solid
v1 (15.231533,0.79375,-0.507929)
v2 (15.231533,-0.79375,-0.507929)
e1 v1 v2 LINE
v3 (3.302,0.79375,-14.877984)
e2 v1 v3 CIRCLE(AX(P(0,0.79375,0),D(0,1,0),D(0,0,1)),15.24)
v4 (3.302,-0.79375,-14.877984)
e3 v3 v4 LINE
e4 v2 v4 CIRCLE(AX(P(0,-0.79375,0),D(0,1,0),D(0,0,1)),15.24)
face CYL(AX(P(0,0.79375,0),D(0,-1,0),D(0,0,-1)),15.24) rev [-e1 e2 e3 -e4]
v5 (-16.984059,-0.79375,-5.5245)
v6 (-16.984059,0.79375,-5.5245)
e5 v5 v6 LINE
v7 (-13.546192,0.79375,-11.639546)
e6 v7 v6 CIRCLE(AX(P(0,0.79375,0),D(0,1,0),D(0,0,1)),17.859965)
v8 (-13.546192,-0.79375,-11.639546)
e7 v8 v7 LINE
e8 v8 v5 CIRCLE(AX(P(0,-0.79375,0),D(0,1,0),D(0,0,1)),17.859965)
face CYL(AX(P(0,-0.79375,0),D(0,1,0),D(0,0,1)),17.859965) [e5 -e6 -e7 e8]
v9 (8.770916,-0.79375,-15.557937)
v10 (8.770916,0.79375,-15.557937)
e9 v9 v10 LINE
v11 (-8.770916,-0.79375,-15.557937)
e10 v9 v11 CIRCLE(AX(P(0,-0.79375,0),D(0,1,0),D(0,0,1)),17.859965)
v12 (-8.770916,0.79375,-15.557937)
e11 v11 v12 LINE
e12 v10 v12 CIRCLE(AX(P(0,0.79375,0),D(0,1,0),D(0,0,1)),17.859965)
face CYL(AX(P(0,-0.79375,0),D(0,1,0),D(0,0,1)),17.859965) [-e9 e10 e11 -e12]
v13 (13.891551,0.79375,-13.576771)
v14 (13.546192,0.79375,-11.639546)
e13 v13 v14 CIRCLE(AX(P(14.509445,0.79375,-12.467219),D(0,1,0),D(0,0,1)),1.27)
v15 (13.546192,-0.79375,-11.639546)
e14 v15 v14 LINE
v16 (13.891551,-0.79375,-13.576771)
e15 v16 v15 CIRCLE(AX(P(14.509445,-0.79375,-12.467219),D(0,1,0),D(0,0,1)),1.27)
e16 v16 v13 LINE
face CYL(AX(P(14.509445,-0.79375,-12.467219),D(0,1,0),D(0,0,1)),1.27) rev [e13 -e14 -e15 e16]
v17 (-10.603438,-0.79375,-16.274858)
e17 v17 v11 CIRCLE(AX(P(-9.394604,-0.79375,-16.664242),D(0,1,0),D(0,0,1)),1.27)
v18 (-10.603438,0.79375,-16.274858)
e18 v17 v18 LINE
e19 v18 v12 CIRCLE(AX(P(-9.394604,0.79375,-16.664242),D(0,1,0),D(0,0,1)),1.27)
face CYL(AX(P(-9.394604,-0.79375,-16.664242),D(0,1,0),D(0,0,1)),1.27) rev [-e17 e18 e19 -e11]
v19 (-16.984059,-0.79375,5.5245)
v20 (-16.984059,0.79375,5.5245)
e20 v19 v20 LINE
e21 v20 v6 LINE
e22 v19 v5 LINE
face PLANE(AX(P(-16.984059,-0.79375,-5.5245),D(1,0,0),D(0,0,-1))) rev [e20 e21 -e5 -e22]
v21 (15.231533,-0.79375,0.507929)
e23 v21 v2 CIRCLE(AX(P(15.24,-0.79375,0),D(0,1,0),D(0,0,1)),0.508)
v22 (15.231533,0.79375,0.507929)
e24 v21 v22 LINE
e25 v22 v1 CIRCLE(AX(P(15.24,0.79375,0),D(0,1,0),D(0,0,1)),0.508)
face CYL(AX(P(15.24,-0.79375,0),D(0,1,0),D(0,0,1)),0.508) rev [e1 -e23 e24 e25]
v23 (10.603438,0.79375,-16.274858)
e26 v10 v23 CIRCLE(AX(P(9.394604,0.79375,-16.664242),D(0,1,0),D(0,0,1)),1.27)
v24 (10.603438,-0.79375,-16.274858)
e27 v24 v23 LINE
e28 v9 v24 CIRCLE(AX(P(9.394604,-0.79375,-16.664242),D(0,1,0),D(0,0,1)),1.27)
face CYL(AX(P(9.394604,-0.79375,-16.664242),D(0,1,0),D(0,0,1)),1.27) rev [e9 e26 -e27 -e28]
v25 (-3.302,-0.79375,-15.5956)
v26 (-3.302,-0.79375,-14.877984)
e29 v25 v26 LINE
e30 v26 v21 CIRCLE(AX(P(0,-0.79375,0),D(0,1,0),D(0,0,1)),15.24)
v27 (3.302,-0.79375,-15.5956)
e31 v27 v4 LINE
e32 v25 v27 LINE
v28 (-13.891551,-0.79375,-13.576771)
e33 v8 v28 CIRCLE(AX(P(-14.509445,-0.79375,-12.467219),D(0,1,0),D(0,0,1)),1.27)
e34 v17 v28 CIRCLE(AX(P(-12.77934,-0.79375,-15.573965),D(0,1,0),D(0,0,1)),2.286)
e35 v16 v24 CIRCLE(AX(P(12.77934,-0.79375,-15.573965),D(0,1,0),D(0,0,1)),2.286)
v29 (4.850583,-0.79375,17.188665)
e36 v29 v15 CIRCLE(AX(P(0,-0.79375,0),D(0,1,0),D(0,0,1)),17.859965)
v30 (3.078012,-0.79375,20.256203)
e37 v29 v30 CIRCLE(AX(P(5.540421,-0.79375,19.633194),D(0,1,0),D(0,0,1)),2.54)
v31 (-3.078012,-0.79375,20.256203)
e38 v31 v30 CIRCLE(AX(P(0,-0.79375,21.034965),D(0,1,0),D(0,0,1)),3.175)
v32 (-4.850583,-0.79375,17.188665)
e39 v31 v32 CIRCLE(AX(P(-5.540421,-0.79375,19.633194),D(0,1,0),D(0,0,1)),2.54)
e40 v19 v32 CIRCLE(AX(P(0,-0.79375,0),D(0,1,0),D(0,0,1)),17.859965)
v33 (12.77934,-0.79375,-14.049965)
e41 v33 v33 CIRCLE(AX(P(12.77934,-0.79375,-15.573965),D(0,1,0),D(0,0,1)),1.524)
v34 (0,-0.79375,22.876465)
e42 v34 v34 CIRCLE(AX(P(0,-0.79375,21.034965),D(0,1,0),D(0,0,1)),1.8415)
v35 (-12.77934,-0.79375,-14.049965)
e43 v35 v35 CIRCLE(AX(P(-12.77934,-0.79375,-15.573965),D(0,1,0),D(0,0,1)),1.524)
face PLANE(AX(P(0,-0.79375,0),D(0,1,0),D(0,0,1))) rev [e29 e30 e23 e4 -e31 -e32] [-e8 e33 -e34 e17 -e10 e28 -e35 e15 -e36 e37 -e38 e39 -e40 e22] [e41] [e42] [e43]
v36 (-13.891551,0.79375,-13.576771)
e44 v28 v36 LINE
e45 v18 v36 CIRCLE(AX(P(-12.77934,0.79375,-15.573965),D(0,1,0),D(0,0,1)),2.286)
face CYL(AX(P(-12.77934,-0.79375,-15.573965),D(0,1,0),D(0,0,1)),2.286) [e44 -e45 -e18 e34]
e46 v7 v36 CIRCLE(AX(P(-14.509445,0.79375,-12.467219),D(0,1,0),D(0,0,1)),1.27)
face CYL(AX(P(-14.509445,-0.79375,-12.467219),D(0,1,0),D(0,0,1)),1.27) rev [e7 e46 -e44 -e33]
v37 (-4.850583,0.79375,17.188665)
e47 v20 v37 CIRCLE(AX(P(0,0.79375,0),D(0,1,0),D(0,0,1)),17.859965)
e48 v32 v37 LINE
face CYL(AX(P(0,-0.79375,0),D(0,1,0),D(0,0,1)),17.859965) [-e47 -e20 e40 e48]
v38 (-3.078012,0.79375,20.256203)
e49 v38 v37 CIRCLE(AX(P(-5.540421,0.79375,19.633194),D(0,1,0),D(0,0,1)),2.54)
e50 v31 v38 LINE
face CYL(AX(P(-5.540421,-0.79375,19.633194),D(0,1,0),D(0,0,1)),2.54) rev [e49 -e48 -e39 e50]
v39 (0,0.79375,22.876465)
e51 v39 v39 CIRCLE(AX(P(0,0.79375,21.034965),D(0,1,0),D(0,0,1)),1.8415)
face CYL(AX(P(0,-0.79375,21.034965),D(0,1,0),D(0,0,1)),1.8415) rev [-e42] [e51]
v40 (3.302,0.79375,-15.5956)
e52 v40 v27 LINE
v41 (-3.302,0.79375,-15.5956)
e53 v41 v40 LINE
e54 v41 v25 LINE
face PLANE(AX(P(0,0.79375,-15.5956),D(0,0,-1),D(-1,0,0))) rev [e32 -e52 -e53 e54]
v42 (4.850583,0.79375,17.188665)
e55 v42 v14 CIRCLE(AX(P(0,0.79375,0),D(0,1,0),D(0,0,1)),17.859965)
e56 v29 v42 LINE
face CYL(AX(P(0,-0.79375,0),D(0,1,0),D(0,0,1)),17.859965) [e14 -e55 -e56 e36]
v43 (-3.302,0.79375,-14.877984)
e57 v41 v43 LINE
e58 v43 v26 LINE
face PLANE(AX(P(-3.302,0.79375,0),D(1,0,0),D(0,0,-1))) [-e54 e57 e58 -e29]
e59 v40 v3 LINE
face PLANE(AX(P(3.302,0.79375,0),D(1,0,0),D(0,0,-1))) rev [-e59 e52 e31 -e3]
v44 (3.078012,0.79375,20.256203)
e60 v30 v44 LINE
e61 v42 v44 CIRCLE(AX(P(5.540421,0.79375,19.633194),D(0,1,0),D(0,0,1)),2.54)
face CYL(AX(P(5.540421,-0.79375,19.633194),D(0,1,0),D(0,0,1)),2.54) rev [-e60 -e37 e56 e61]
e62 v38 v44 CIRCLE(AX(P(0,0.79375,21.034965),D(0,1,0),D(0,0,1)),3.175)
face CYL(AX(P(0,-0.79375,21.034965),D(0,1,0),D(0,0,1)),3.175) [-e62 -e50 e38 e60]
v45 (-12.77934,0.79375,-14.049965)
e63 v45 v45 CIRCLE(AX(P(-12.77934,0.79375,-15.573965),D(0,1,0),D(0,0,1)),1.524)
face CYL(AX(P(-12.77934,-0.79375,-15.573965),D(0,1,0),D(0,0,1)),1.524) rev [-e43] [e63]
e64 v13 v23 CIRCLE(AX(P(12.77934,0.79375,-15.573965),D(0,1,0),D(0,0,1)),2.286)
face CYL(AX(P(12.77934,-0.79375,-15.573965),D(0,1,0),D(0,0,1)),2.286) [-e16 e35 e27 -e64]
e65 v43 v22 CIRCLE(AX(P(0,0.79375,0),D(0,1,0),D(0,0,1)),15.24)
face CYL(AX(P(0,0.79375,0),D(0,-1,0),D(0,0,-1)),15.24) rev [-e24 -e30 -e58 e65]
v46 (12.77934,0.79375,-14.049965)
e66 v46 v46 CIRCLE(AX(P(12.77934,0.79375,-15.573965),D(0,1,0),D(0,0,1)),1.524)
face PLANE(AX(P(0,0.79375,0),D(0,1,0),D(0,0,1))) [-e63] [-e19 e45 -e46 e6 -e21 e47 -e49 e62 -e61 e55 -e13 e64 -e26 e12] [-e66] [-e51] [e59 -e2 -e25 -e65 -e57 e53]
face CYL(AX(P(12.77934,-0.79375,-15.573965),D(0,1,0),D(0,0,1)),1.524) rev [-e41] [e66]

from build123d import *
from build123d.topology import SkipClean

# Parameters (mm, degrees)
SKETCH1_R           = 21.59
BOSS_EXTRUDE1_DEPTH = 0.79375
SKETCH2_R           = 1.4224
CUT_EXTRUDE1_DEPTH  = 31.574112518
CUT_EXTRUDE2_DEPTH  = 31.574112518
SKETCH4_R           = 0.508
CUT_EXTRUDE3_DEPTH  = 31.574112518
SKETCH5_R           = 1.0922
CUT_EXTRUDE4_DEPTH  = 31.574112518
SKETCH6_R           = 1.524
SKETCH6_R_2         = 1.8415
BOSS_EXTRUDE2_DEPTH = 1.5875


with BuildPart() as part:
    # Sketch1 → Boss-Extrude1 (new, symmetric)
    with BuildSketch(Plane(origin=(0, 0, 0), x_dir=(1, 0, 0), z_dir=(0, 1, 0))):
        with Locations(Location((0, 0, 0), (0, 0, 270))):
            Circle(SKETCH1_R)
        with BuildLine():
            Line((-3.302, 14.8779836), (-3.302, 15.5956))
            Line((-3.302, 15.5956), (3.302, 15.5956))
            Line((3.302, 15.5956), (3.302, 14.8779836))
            ThreePointArc((3.302, 14.8779836), (11.8865487, 9.537691545), (15.24, 0))
            ThreePointArc((15.24, 0), (-9.537691545, -11.8865487), (-3.302, 14.8779836))
        make_face(mode=Mode.SUBTRACT)
    extrude(amount=BOSS_EXTRUDE1_DEPTH, both=True)

    # Sketch2 → Cut-Extrude1 (cut, through all)
    with BuildSketch(Plane(origin=(0, 0.79375, 0), x_dir=(1, 0, 0), z_dir=(0, 1, 0))):
        with Locations(Location((0, 18.415, 0), (0, 0, 270))):
            Circle(SKETCH2_R)
        with Locations(Location((0, -18.415, 0), (0, 0, 270))):
            Circle(SKETCH2_R)
    extrude(amount=-CUT_EXTRUDE1_DEPTH, mode=Mode.SUBTRACT)

    # Sketch3 → Cut-Extrude2 (cut, through all)
    with BuildSketch(Plane(origin=(0, 0.79375, 0), x_dir=(1, 0, 0), z_dir=(0, 1, 0))):
        with BuildLine():
            Line((-20.871224203, 5.5245), (-16.984058744, 5.5245))
            Line((-16.984058744, 5.5245), (-16.984058744, -5.5245))
            Line((-16.984058744, -5.5245), (-20.871224203, -5.5245))
            ThreePointArc((-20.871224203, -5.5245), (-21.59, 0), (-20.871224203, 5.5245))
        make_face()
    extrude(amount=-CUT_EXTRUDE2_DEPTH, mode=Mode.SUBTRACT)

    # Sketch4 → Cut-Extrude3 (cut, through all)
    with BuildSketch(Plane(origin=(0, 0.79375, 0), x_dir=(1, 0, 0), z_dir=(0, 1, 0))):
        with Locations((15.24, 0)):
            Circle(SKETCH4_R)
    extrude(amount=-CUT_EXTRUDE3_DEPTH, mode=Mode.SUBTRACT)

    # Sketch5 → Cut-Extrude4 (cut, through all)
    # profile 1 of 16: a face of its own
    with BuildSketch(Plane(origin=(0, 0.79375, 0), x_dir=(1, 0, 0), z_dir=(0, 1, 0))):
        with BuildLine():
            ThreePointArc((-16.984058744, 5.5245), (-16.237733521, 7.437362555), (-15.276788696, 9.25192298))
            Line((-15.276788696, 9.25192298), (-17.314108781, 10.80523309))
            ThreePointArc((-17.314108781, 10.80523309), (-17.76113274, 11.28937197), (-18.016469323, 11.896845513))
            ThreePointArc((-18.016469323, 11.896845513), (-19.70316913, 8.826846902), (-20.871224203, 5.5245))
            Line((-20.871224203, 5.5245), (-16.984058744, 5.5245))
        make_face()
    # profile 2 of 16: a face of its own
    with BuildSketch(Plane(origin=(0, 0.79375, 0), x_dir=(1, 0, 0), z_dir=(0, 1, 0))):
        with BuildLine():
            Line((-17.314108781, 10.80523309), (-15.276788696, 9.25192298))
            ThreePointArc((-15.276788696, 9.25192298), (-14.202798716, 10.828613037), (-12.966760902, 12.28175327))
            Line((-12.966760902, 12.28175327), (-15.004080987, 13.83506338))
            ThreePointArc((-15.004080987, 13.83506338), (-15.589304916, 14.13793931), (-16.242705475, 14.223312513))
            ThreePointArc((-16.242705475, 14.223312513), (-17.169038314, 13.0901575), (-18.016469323, 11.896845513))
            ThreePointArc((-18.016469323, 11.896845513), (-17.76113274, 11.28937197), (-17.314108781, 10.80523309))
        make_face()
        with Locations((-16.159094884, 12.320148235)):
            Circle(SKETCH5_R, mode=Mode.SUBTRACT)
    # profile 3 of 16: a face of its own
    with BuildSketch(Plane(origin=(0, 0.79375, 0), x_dir=(1, 0, 0), z_dir=(0, 1, 0))):
        with Locations((-16.159094884, 12.320148235)):
            Circle(SKETCH5_R)
    # profile 4 of 16: a face of its own
    with BuildSketch(Plane(origin=(0, 0.79375, 0), x_dir=(1, 0, 0), z_dir=(0, 1, 0))):
        with BuildLine():
            Line((-15.004080987, 13.83506338), (-12.966760902, 12.28175327))
            ThreePointArc((-12.966760902, 12.28175327), (-7.645640437, 16.140710455), (-1.288911844, 17.813395463))
            ThreePointArc((-1.288911844, 17.813395463), (-0.308118121, 19.803627014), (1.4224, 18.415))
            ThreePointArc((1.4224, 18.415), (1.388627014, 18.106881879), (1.288911844, 17.813395463))
            ThreePointArc((1.288911844, 17.813395463), (5.420875683, 17.017416329), (9.25192298, 15.276788696))
            Line((9.25192298, 15.276788696), (10.80523309, 17.314108781))
            ThreePointArc((10.80523309, 17.314108781), (11.28937197, 17.76113274), (11.896845513, 18.016469323))
            ThreePointArc((11.896845513, 18.016469323), (-2.884204284, 21.396482553), (-16.242705475, 14.223312513))
            ThreePointArc((-16.242705475, 14.223312513), (-15.589304916, 14.13793931), (-15.004080987, 13.83506338))
        make_face()
    # profile 5 of 16: a face of its own
    with BuildSketch(Plane(origin=(0, 0.79375, 0), x_dir=(1, 0, 0), z_dir=(0, 1, 0))):
        with BuildLine():
            Line((10.80523309, 17.314108781), (9.25192298, 15.276788696))
            ThreePointArc((9.25192298, 15.276788696), (10.828613037, 14.202798716), (12.28175327, 12.966760902))
            Line((12.28175327, 12.966760902), (13.83506338, 15.004080987))
            ThreePointArc((13.83506338, 15.004080987), (14.13793931, 15.589304916), (14.223312513, 16.242705475))
            ThreePointArc((14.223312513, 16.242705475), (13.0901575, 17.169038314), (11.896845513, 18.016469323))
            ThreePointArc((11.896845513, 18.016469323), (11.28937197, 17.76113274), (10.80523309, 17.314108781))
        make_face()
        with Locations((12.320148235, 16.159094884)):
            Circle(SKETCH5_R, mode=Mode.SUBTRACT)
    # profile 6 of 16: a face of its own
    with BuildSketch(Plane(origin=(0, 0.79375, 0), x_dir=(1, 0, 0), z_dir=(0, 1, 0))):
        with Locations((12.320148235, 16.159094884)):
            Circle(SKETCH5_R)
    # profile 7 of 16: a face of its own
    with BuildSketch(Plane(origin=(0, 0.79375, 0), x_dir=(1, 0, 0), z_dir=(0, 1, 0))):
        with BuildLine():
            Line((13.83506338, 15.004080987), (12.28175327, 12.966760902))
            ThreePointArc((12.28175327, 12.966760902), (16.406249356, 7.057856172), (17.859965052, 0))
            ThreePointArc((17.859965052, 0), (17.202053132, -4.802886604), (15.276788696, -9.25192298))
            Line((15.276788696, -9.25192298), (17.314108781, -10.80523309))
            ThreePointArc((17.314108781, -10.80523309), (17.76113274, -11.28937197), (18.016469323, -11.896845513))
            ThreePointArc((18.016469323, -11.896845513), (21.396482553, 2.884204284), (14.223312513, 16.242705475))
            ThreePointArc((14.223312513, 16.242705475), (14.13793931, 15.589304916), (13.83506338, 15.004080987))
        make_face()
    # profile 8 of 16: a face of its own
    with BuildSketch(Plane(origin=(0, 0.79375, 0), x_dir=(1, 0, 0), z_dir=(0, 1, 0))):
        with BuildLine():
            ThreePointArc((4.602470139, -19.883377319), (4.576225926, -20.541808877), (4.327227494, -21.151907768))
            ThreePointArc((4.327227494, -21.151907768), (10.852736689, -18.664035104), (16.242705475, -14.223312513))
            ThreePointArc((16.242705475, -14.223312513), (15.589304916, -14.13793931), (15.004080987, -13.83506338))
            Line((15.004080987, -13.83506338), (12.966760902, -12.28175327))
            ThreePointArc((12.966760902, -12.28175327), (8.977744233, -15.439509712), (4.260223404, -17.344418359))
            Line((4.260223404, -17.344418359), (4.602470139, -19.883377319))
        make_face()
    # profile 9 of 16: a face of its own
    with BuildSketch(Plane(origin=(0, 0.79375, 0), x_dir=(1, 0, 0), z_dir=(0, 1, 0))):
        with BuildLine():
            ThreePointArc((15.004080987, -13.83506338), (15.589304916, -14.13793931), (16.242705475, -14.223312513))
            ThreePointArc((16.242705475, -14.223312513), (17.169038314, -13.0901575), (18.016469323, -11.896845513))
            ThreePointArc((18.016469323, -11.896845513), (17.76113274, -11.28937197), (17.314108781, -10.80523309))
            Line((17.314108781, -10.80523309), (15.276788696, -9.25192298))
            ThreePointArc((15.276788696, -9.25192298), (14.202798716, -10.828613037), (12.966760902, -12.28175327))
            Line((12.966760902, -12.28175327), (15.004080987, -13.83506338))
        make_face()
        with Locations((16.159094884, -12.320148235)):
            Circle(SKETCH5_R, mode=Mode.SUBTRACT)
    # profile 10 of 16: a face of its own
    with BuildSketch(Plane(origin=(0, 0.79375, 0), x_dir=(1, 0, 0), z_dir=(0, 1, 0))):
        with Locations((16.159094884, -12.320148235)):
            Circle(SKETCH5_R)
    # profile 11 of 16: a face of its own
    with BuildSketch(Plane(origin=(0, 0.79375, 0), x_dir=(1, 0, 0), z_dir=(0, 1, 0))):
        with BuildLine():
            ThreePointArc((0.826620277, -20.392354546), (1.026270462, -21.020335978), (1.427926458, -21.542727915))
            ThreePointArc((1.427926458, -21.542727915), (2.884204284, -21.396482553), (4.327227494, -21.151907768))
            ThreePointArc((4.327227494, -21.151907768), (4.576225926, -20.541808877), (4.602470139, -19.883377319))
            Line((4.602470139, -19.883377319), (4.260223404, -17.344418359))
            ThreePointArc((4.260223404, -17.344418359), (2.784458723, -17.64157423), (1.288911844, -17.813395463))
            ThreePointArc((1.288911844, -17.813395463), (1.388627014, -18.106881879), (1.4224, -18.415))
            ThreePointArc((1.4224, -18.415), (1.235821862, -19.119248596), (0.725034865, -19.638742704))
            Line((0.725034865, -19.638742704), (0.826620277, -20.392354546))
        make_face()
        with Locations((2.714545208, -20.137865932)):
            Circle(SKETCH5_R, mode=Mode.SUBTRACT)
    # profile 12 of 16: a face of its own
    with BuildSketch(Plane(origin=(0, 0.79375, 0), x_dir=(1, 0, 0), z_dir=(0, 1, 0))):
        with Locations((2.714545208, -20.137865932)):
            Circle(SKETCH5_R)
    # profile 13 of 16: a face of its own
    with BuildSketch(Plane(origin=(0, 0.79375, 0), x_dir=(1, 0, 0), z_dir=(0, 1, 0))):
        with BuildLine():
            ThreePointArc((-1.288911844, -17.813395463), (-5.420875683, -17.017416329), (-9.25192298, -15.276788696))
            Line((-9.25192298, -15.276788696), (-10.80523309, -17.314108781))
            ThreePointArc((-10.80523309, -17.314108781), (-11.28937197, -17.76113274), (-11.896845513, -18.016469323))
            ThreePointArc((-11.896845513, -18.016469323), (-5.523422079, -20.871509494), (1.427926458, -21.542727915))
            ThreePointArc((1.427926458, -21.542727915), (1.026270462, -21.020335978), (0.826620277, -20.392354546))
            Line((0.826620277, -20.392354546), (0.725034865, -19.638742704))
            ThreePointArc((0.725034865, -19.638742704), (-0.955229003, -19.468925667), (-1.288911844, -17.813395463))
        make_face()
    # profile 14 of 16: a face of its own
    with BuildSketch(Plane(origin=(0, 0.79375, 0), x_dir=(1, 0, 0), z_dir=(0, 1, 0))):
        with BuildLine():
            ThreePointArc((-14.223312513, -16.242705475), (-14.13793931, -15.589304916), (-13.83506338, -15.004080987))
            Line((-13.83506338, -15.004080987), (-12.28175327, -12.966760902))
            ThreePointArc((-12.28175327, -12.966760902), (-15.098634046, -9.539895263), (-16.984058744, -5.5245))
            Line((-16.984058744, -5.5245), (-20.871224203, -5.5245))
            ThreePointArc((-20.871224203, -5.5245), (-18.34738698, -11.379872188), (-14.223312513, -16.242705475))
        make_face()
    # profile 15 of 16: a face of its own
    with BuildSketch(Plane(origin=(0, 0.79375, 0), x_dir=(1, 0, 0), z_dir=(0, 1, 0))):
        with BuildLine():
            Line((-12.28175327, -12.966760902), (-13.83506338, -15.004080987))
            ThreePointArc((-13.83506338, -15.004080987), (-14.13793931, -15.589304916), (-14.223312513, -16.242705475))
            ThreePointArc((-14.223312513, -16.242705475), (-13.0901575, -17.169038314), (-11.896845513, -18.016469323))
            ThreePointArc((-11.896845513, -18.016469323), (-11.28937197, -17.76113274), (-10.80523309, -17.314108781))
            Line((-10.80523309, -17.314108781), (-9.25192298, -15.276788696))
            ThreePointArc((-9.25192298, -15.276788696), (-10.828613037, -14.202798716), (-12.28175327, -12.966760902))
        make_face()
        with Locations((-12.320148235, -16.159094884)):
            Circle(SKETCH5_R, mode=Mode.SUBTRACT)
    # profile 16 of 16: a face of its own
    with BuildSketch(Plane(origin=(0, 0.79375, 0), x_dir=(1, 0, 0), z_dir=(0, 1, 0))):
        with Locations((-12.320148235, -16.159094884)):
            Circle(SKETCH5_R)
    extrude(amount=-CUT_EXTRUDE4_DEPTH, mode=Mode.SUBTRACT)

    # Sketch6 → Boss-Extrude2 (add)
    # profile 1 of 4: a face of its own
    with SkipClean():  # the faces are left unmerged after this step: merging them gives an invalid solid
        with BuildSketch(Plane(origin=(0, 0.79375, 0), x_dir=(1, 0, 0), z_dir=(0, 1, 0))):
            with BuildLine():
                ThreePointArc((-1.288911844, 17.813395463), (0, 16.9926), (1.288911844, 17.813395463))
                ThreePointArc((1.288911844, 17.813395463), (0, 17.859965052), (-1.288911844, 17.813395463))
            make_face()
        # profile 2 of 4: a face of its own
        with BuildSketch(Plane(origin=(0, 0.79375, 0), x_dir=(1, 0, 0), z_dir=(0, 1, 0))):
            with BuildLine():
                ThreePointArc((10.603438462, 16.274857531), (9.857305852, 15.481530327), (8.7709155, 15.557936655))
                ThreePointArc((8.7709155, 15.557936655), (11.329244242, 13.806758366), (13.546192537, 11.639545499))
                ThreePointArc((13.546192537, 11.639545499), (13.259158239, 12.690113464), (13.891550345, 13.57677121))
                ThreePointArc((13.891550345, 13.57677121), (14.229435023, 17.341171675), (10.603438462, 16.274857531))
            make_face()
            with Locations(Location((12.779339593, 15.573965052, 0), (0, 0, 270))):
                Circle(SKETCH6_R, mode=Mode.SUBTRACT)
        # profile 3 of 4: a face of its own
        with BuildSketch(Plane(origin=(0, 0.79375, 0), x_dir=(1, 0, 0), z_dir=(0, 1, 0))):
            with BuildLine():
                ThreePointArc((-8.770915597, 15.5579366), (-9.857305886, 15.48153034), (-10.60343845, 16.274857493))
                ThreePointArc((-10.60343845, 16.274857493), (-14.229434867, 17.341171803), (-13.891550662, 13.576771387))
                ThreePointArc((-13.891550662, 13.576771387), (-13.259158273, 12.690113657), (-13.546192517, 11.639545523))
                ThreePointArc((-13.546192517, 11.639545523), (-11.329244273, 13.806758341), (-8.770915597, 15.5579366))
            make_face()
            with Locations(Location((-12.779339593, 15.573965052, 0), (0, 0, 270))):
                Circle(SKETCH6_R, mode=Mode.SUBTRACT)
        # profile 4 of 4: a face of its own
        with BuildSketch(Plane(origin=(0, 0.79375, 0), x_dir=(1, 0, 0), z_dir=(0, 1, 0))):
            with BuildLine():
                ThreePointArc((3.078011458, -20.256202915), (3.341190791, -18.362372667), (4.850583348, -17.188664662))
                ThreePointArc((4.850583348, -17.188664662), (3.085599204, -17.591402139), (1.288911844, -17.813395463))
                ThreePointArc((1.288911844, -17.813395463), (0, -16.9926), (-1.288911844, -17.813395463))
                ThreePointArc((-1.288911844, -17.813395463), (-3.08559897, -17.59140218), (-4.85058289, -17.188664791))
                ThreePointArc((-4.85058289, -17.188664791), (-3.34119067, -18.362372877), (-3.07801146, -20.256202925))
                ThreePointArc((-3.07801146, -20.256202925), (5e-09, -24.209965052), (3.078011458, -20.256202915))
            make_face()
            with Locations(Location((0, -21.034965052, 0), (0, 0, 270))):
                Circle(SKETCH6_R_2, mode=Mode.SUBTRACT)
        extrude(amount=-BOSS_EXTRUDE2_DEPTH)


solid = part.part
